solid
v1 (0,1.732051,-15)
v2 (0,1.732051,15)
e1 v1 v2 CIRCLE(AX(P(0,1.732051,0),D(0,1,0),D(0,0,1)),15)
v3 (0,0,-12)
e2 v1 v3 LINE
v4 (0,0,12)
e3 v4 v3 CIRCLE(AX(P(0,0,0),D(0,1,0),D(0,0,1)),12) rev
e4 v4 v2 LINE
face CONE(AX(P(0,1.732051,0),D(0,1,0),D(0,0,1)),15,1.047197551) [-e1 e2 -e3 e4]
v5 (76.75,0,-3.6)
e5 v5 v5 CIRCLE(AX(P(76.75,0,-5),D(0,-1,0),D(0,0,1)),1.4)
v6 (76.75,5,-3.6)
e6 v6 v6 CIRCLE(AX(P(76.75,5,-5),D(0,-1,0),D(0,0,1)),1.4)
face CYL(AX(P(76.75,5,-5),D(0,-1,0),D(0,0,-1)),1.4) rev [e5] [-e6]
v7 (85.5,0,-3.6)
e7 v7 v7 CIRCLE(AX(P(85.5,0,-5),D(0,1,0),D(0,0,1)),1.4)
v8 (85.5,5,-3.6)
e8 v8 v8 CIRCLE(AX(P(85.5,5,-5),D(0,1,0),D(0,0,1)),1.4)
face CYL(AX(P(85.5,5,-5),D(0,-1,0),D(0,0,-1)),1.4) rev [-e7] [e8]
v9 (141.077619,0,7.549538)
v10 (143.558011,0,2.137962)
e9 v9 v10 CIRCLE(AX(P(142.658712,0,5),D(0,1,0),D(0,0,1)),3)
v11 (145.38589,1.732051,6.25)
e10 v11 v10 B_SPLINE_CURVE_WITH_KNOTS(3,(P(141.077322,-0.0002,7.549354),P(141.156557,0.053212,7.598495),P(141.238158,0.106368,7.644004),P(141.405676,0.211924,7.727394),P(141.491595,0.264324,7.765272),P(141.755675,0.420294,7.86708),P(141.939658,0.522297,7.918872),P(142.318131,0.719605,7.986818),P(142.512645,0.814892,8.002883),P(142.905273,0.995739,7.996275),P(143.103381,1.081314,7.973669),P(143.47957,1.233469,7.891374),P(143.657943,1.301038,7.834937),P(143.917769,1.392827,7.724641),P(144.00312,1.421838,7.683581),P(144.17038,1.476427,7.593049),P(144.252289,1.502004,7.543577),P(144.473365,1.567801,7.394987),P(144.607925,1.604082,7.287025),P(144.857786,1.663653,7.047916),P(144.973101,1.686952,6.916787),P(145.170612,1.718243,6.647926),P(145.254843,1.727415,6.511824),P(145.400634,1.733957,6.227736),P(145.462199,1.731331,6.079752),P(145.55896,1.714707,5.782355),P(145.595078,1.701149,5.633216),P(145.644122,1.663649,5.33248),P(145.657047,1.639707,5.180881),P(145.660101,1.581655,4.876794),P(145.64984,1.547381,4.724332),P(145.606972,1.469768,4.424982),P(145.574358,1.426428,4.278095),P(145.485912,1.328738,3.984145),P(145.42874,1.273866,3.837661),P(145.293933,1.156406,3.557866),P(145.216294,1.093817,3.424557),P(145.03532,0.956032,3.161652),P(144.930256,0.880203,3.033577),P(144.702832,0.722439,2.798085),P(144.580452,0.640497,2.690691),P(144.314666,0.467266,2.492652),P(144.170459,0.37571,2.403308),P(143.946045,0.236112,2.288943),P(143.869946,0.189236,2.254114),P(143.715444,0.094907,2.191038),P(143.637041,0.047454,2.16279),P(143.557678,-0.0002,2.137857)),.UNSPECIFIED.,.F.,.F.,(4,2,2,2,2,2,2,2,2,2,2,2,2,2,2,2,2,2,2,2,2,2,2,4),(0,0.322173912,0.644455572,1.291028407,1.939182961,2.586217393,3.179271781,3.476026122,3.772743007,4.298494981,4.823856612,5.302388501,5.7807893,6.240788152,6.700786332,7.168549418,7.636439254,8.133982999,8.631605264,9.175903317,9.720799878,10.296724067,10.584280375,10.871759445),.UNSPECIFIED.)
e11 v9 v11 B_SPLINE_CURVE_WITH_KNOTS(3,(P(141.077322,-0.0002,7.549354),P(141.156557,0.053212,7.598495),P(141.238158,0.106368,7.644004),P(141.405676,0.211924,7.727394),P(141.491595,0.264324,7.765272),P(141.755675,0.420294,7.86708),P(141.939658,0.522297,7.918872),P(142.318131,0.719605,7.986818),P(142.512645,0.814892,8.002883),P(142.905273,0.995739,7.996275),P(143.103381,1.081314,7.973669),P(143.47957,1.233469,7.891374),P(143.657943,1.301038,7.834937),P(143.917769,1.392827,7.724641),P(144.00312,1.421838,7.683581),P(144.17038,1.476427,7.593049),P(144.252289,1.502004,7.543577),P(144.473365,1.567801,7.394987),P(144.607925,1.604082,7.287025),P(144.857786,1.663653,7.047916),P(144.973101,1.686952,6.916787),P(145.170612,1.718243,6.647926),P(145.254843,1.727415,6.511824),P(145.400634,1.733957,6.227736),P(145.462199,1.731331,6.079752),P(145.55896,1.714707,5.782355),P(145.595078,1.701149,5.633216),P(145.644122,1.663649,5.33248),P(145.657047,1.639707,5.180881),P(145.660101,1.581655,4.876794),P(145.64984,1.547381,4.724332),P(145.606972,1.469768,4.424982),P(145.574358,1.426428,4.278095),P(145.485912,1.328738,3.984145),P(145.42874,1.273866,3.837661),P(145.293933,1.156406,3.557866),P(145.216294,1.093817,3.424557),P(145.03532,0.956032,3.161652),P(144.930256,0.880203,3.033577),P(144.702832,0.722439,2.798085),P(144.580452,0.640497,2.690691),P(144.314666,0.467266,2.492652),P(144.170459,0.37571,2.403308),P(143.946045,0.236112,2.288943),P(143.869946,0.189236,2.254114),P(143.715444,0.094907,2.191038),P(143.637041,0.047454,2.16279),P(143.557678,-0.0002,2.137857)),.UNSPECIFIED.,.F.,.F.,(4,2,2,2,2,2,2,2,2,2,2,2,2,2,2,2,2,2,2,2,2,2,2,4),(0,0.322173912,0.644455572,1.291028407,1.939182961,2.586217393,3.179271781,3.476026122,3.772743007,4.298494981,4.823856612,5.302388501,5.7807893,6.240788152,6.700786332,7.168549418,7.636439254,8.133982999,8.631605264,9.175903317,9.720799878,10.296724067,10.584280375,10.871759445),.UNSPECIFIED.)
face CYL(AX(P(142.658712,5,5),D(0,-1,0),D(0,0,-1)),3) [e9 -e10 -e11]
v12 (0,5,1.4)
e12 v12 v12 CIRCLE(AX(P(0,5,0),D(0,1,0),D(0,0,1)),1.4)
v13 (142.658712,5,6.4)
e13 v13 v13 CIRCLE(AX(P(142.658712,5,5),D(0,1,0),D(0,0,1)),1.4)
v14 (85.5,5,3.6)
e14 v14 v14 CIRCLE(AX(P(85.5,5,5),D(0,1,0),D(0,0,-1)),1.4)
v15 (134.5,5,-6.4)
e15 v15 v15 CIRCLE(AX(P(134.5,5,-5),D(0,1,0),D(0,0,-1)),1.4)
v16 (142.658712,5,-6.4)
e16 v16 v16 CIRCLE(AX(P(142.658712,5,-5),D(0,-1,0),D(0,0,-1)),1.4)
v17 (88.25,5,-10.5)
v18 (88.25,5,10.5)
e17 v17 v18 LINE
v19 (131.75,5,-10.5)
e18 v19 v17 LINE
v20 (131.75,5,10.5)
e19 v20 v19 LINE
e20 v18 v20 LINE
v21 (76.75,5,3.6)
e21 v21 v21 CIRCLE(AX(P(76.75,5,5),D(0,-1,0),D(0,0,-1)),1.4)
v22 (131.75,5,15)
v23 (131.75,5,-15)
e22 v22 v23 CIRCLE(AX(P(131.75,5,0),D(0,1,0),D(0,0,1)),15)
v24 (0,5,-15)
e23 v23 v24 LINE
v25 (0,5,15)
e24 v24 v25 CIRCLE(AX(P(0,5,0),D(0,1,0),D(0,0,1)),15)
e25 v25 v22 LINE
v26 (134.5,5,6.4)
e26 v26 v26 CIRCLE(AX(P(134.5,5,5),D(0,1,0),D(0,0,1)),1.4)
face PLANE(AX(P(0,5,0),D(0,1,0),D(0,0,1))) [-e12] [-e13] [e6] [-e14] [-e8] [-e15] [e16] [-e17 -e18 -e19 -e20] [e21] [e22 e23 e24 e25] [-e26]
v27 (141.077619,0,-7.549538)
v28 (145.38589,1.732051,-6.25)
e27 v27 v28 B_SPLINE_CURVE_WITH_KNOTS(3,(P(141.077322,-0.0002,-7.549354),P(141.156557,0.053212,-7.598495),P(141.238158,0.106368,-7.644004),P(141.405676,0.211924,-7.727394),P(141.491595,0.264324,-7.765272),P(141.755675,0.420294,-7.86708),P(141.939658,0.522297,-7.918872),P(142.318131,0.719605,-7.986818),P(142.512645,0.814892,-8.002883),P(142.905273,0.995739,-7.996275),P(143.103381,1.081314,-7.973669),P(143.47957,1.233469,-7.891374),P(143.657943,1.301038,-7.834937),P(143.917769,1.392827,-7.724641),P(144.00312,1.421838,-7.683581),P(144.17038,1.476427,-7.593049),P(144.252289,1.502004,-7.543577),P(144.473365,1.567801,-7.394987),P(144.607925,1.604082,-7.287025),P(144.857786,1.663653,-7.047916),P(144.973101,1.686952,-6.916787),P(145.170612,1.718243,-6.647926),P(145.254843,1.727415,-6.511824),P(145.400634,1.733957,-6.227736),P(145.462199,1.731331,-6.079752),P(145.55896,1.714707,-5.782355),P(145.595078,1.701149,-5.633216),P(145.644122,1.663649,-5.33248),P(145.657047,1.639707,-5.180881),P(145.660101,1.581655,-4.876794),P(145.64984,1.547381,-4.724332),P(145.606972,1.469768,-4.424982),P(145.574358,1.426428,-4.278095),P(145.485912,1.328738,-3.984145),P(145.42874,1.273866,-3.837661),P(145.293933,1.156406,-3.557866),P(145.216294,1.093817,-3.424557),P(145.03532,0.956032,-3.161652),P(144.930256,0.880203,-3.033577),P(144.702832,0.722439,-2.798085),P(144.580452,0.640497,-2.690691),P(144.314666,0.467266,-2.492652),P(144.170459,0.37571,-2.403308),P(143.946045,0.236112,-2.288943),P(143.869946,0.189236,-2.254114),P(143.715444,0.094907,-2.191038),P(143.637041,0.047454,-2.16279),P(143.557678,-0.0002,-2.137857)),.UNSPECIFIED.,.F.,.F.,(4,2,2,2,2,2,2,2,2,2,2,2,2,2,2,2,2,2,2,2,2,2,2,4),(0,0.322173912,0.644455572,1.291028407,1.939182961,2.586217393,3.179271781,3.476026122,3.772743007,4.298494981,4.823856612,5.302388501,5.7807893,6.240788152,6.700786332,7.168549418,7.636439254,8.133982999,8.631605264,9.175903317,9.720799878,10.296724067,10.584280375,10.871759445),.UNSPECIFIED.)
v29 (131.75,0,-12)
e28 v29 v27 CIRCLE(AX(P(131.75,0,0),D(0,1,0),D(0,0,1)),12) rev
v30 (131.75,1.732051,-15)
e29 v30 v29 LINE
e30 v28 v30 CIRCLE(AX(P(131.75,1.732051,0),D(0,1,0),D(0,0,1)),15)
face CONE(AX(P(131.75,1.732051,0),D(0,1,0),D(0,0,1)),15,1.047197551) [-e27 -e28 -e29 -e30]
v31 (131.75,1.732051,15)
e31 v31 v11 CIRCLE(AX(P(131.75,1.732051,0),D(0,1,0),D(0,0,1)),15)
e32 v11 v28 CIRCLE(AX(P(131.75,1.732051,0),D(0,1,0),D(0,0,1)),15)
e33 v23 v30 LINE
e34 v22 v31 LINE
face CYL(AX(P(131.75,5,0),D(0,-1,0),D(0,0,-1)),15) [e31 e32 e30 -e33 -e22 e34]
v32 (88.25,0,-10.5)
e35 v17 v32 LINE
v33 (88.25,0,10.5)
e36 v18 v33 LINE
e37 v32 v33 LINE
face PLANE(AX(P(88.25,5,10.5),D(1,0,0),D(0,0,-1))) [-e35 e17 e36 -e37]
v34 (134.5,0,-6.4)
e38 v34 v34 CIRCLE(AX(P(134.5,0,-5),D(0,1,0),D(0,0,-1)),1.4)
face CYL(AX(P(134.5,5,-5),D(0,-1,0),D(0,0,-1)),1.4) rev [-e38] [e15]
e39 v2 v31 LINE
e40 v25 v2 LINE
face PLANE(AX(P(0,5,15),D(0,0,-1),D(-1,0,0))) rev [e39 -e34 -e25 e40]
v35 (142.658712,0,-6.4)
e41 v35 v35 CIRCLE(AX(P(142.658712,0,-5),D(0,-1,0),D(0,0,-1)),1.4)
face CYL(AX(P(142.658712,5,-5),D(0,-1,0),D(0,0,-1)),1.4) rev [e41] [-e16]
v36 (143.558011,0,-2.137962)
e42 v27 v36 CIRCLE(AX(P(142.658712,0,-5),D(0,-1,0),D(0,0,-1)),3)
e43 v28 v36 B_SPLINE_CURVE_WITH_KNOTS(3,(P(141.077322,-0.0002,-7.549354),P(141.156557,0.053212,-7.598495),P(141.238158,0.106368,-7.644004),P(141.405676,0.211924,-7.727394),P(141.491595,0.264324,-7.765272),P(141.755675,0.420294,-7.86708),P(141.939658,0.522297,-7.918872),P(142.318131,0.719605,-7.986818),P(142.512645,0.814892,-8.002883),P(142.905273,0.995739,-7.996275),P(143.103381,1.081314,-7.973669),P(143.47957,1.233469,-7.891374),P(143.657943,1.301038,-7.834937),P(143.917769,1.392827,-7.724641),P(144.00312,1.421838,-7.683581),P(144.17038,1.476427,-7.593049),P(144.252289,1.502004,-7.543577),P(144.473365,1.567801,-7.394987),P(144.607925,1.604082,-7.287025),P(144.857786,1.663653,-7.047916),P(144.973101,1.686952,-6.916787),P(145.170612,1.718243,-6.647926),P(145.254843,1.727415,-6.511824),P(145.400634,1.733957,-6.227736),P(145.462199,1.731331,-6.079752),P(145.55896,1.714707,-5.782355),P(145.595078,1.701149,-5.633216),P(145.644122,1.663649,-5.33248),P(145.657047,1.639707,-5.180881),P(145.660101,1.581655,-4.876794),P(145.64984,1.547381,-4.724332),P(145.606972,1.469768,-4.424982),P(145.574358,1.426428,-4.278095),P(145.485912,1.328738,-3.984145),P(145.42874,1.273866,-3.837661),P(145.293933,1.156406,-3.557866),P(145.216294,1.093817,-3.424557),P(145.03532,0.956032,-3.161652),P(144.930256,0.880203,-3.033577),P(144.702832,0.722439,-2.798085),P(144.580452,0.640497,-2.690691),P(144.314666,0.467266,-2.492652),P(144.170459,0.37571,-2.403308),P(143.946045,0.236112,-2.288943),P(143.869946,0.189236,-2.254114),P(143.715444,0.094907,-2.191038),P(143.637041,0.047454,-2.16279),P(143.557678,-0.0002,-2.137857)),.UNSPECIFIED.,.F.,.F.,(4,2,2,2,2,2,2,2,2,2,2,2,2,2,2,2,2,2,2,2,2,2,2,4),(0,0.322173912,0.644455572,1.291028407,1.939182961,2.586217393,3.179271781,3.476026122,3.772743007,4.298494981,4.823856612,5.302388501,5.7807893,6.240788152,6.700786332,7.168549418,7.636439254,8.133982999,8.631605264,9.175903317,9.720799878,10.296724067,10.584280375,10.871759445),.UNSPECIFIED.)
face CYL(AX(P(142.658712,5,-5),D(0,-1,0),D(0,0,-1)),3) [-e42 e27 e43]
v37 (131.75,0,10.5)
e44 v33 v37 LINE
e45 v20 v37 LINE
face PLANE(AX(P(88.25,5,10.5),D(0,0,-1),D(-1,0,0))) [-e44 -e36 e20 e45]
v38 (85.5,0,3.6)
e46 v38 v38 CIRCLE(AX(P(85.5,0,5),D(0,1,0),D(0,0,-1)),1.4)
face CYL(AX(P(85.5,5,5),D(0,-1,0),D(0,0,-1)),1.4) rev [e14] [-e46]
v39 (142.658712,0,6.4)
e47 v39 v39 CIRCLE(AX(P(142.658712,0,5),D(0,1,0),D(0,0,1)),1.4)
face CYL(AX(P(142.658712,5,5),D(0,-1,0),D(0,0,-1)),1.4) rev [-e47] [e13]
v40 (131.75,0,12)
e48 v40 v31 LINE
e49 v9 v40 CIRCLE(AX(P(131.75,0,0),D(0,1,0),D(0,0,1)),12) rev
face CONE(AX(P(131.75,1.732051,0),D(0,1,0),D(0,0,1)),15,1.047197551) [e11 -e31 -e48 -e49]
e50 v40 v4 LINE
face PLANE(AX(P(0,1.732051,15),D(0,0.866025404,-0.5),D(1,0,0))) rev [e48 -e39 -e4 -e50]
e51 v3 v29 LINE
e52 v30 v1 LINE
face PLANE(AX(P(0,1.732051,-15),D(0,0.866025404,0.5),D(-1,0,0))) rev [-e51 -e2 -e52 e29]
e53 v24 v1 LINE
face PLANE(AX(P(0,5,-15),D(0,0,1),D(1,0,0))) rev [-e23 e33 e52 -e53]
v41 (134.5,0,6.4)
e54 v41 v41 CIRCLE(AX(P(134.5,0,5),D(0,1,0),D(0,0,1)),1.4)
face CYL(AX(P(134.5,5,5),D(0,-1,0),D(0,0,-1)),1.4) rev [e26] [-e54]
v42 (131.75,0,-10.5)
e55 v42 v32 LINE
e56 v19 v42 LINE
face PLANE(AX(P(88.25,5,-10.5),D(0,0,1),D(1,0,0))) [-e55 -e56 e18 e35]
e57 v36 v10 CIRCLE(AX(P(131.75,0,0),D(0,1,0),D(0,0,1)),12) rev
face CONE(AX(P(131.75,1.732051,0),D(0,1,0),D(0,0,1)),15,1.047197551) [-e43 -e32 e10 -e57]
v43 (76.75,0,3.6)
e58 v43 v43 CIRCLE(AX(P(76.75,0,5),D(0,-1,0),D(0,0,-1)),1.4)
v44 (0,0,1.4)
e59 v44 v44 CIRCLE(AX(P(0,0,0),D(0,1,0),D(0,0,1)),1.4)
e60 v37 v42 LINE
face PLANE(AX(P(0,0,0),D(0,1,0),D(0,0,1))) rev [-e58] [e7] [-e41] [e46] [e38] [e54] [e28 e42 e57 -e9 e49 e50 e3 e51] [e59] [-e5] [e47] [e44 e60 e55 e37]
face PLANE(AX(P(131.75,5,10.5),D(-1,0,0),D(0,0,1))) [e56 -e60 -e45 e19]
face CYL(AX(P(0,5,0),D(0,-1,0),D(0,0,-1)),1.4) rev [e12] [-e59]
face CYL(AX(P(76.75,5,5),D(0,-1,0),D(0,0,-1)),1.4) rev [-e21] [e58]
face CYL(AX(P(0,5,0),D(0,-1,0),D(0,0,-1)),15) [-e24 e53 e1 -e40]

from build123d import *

# Parameters (mm, degrees)
SKETCH1_R           = 1.4
SKETCH1_W           = 43.5
SKETCH1_H           = 21
BOSS_EXTRUDE1_DEPTH = 5
CHAMFER1_SIZE       = 3
CHAMFER1_SIZE2      = 1.732050808
SKETCH3_R           = 1.4
CUT_EXTRUDE2_DEPTH  = 148.599330961
SKETCH5_R           = 3
BOSS_EXTRUDE2_DEPTH = 5
SKETCH6_R           = 1.4
CUT_EXTRUDE3_DEPTH  = 148.59933107


with BuildPart() as part:
    # Sketch1 → Boss-Extrude1 (new body)
    with BuildSketch(Plane(origin=(0, 0, 0), x_dir=(1, 0, 0), z_dir=(0, 1, 0))):
        with BuildLine():
            Line((0, 15), (131.75, 15))
            ThreePointArc((131.75, 15), (146.75, 0), (131.75, -15))
            Line((131.75, -15), (0, -15))
            ThreePointArc((0, -15), (-15, 0), (0, 15))
        make_face()
        Circle(SKETCH1_R, mode=Mode.SUBTRACT)
        with Locations((85.5, 5)):
            Circle(SKETCH1_R, mode=Mode.SUBTRACT)
        with Locations((85.5, -5)):
            Circle(SKETCH1_R, mode=Mode.SUBTRACT)
        with Locations((134.5, -5)):
            Circle(SKETCH1_R, mode=Mode.SUBTRACT)
        with Locations((134.5, 5)):
            Circle(SKETCH1_R, mode=Mode.SUBTRACT)
        with Locations((110, 0)):
            Rectangle(SKETCH1_W, SKETCH1_H, mode=Mode.SUBTRACT)
    extrude(amount=BOSS_EXTRUDE1_DEPTH)

    # Chamfer1
    chamfer1_edges = [part.edges().sort_by_distance(p)[0] for p in [
        (-15, 0, 0),
        (65.875, 0, -15),
        (146.75, 0, 0),
        (65.875, 0, 15),
    ]]
    chamfer1_side = [part.faces().sort_by_distance(p)[0] for p in [
        (54.841734093, 0, 0),
    ]]
    chamfer(chamfer1_edges, length=CHAMFER1_SIZE, length2=CHAMFER1_SIZE2, reference=chamfer1_side[0])

    # Sketch3 → Cut-Extrude2 (cut, through all)
    with BuildSketch(Plane.XZ):
        with Locations((76.75, 5)):
            Circle(SKETCH3_R)
        with Locations((76.75, -5)):
            Circle(SKETCH3_R)
    extrude(amount=-CUT_EXTRUDE2_DEPTH, mode=Mode.SUBTRACT)

    # Sketch5 → Boss-Extrude2 (add)
    with BuildSketch(Plane.XZ):
        with Locations((142.658712115, -5)):
            Circle(SKETCH5_R)
    boss_extrude2 = extrude(amount=-BOSS_EXTRUDE2_DEPTH)

    # Sketch6 → Cut-Extrude3 (cut, through all)
    with BuildSketch(Plane.XZ):
        with Locations((142.658712115, -5)):
            Circle(SKETCH6_R)
    cut_extrude3 = extrude(amount=-CUT_EXTRUDE3_DEPTH, mode=Mode.SUBTRACT)

    # Mirror1: Boss-Extrude2, Cut-Extrude3 across plane
    add(boss_extrude2.mirror(Plane.XY))
    add(cut_extrude3.mirror(Plane.XY), mode=Mode.SUBTRACT)


solid = part.part
